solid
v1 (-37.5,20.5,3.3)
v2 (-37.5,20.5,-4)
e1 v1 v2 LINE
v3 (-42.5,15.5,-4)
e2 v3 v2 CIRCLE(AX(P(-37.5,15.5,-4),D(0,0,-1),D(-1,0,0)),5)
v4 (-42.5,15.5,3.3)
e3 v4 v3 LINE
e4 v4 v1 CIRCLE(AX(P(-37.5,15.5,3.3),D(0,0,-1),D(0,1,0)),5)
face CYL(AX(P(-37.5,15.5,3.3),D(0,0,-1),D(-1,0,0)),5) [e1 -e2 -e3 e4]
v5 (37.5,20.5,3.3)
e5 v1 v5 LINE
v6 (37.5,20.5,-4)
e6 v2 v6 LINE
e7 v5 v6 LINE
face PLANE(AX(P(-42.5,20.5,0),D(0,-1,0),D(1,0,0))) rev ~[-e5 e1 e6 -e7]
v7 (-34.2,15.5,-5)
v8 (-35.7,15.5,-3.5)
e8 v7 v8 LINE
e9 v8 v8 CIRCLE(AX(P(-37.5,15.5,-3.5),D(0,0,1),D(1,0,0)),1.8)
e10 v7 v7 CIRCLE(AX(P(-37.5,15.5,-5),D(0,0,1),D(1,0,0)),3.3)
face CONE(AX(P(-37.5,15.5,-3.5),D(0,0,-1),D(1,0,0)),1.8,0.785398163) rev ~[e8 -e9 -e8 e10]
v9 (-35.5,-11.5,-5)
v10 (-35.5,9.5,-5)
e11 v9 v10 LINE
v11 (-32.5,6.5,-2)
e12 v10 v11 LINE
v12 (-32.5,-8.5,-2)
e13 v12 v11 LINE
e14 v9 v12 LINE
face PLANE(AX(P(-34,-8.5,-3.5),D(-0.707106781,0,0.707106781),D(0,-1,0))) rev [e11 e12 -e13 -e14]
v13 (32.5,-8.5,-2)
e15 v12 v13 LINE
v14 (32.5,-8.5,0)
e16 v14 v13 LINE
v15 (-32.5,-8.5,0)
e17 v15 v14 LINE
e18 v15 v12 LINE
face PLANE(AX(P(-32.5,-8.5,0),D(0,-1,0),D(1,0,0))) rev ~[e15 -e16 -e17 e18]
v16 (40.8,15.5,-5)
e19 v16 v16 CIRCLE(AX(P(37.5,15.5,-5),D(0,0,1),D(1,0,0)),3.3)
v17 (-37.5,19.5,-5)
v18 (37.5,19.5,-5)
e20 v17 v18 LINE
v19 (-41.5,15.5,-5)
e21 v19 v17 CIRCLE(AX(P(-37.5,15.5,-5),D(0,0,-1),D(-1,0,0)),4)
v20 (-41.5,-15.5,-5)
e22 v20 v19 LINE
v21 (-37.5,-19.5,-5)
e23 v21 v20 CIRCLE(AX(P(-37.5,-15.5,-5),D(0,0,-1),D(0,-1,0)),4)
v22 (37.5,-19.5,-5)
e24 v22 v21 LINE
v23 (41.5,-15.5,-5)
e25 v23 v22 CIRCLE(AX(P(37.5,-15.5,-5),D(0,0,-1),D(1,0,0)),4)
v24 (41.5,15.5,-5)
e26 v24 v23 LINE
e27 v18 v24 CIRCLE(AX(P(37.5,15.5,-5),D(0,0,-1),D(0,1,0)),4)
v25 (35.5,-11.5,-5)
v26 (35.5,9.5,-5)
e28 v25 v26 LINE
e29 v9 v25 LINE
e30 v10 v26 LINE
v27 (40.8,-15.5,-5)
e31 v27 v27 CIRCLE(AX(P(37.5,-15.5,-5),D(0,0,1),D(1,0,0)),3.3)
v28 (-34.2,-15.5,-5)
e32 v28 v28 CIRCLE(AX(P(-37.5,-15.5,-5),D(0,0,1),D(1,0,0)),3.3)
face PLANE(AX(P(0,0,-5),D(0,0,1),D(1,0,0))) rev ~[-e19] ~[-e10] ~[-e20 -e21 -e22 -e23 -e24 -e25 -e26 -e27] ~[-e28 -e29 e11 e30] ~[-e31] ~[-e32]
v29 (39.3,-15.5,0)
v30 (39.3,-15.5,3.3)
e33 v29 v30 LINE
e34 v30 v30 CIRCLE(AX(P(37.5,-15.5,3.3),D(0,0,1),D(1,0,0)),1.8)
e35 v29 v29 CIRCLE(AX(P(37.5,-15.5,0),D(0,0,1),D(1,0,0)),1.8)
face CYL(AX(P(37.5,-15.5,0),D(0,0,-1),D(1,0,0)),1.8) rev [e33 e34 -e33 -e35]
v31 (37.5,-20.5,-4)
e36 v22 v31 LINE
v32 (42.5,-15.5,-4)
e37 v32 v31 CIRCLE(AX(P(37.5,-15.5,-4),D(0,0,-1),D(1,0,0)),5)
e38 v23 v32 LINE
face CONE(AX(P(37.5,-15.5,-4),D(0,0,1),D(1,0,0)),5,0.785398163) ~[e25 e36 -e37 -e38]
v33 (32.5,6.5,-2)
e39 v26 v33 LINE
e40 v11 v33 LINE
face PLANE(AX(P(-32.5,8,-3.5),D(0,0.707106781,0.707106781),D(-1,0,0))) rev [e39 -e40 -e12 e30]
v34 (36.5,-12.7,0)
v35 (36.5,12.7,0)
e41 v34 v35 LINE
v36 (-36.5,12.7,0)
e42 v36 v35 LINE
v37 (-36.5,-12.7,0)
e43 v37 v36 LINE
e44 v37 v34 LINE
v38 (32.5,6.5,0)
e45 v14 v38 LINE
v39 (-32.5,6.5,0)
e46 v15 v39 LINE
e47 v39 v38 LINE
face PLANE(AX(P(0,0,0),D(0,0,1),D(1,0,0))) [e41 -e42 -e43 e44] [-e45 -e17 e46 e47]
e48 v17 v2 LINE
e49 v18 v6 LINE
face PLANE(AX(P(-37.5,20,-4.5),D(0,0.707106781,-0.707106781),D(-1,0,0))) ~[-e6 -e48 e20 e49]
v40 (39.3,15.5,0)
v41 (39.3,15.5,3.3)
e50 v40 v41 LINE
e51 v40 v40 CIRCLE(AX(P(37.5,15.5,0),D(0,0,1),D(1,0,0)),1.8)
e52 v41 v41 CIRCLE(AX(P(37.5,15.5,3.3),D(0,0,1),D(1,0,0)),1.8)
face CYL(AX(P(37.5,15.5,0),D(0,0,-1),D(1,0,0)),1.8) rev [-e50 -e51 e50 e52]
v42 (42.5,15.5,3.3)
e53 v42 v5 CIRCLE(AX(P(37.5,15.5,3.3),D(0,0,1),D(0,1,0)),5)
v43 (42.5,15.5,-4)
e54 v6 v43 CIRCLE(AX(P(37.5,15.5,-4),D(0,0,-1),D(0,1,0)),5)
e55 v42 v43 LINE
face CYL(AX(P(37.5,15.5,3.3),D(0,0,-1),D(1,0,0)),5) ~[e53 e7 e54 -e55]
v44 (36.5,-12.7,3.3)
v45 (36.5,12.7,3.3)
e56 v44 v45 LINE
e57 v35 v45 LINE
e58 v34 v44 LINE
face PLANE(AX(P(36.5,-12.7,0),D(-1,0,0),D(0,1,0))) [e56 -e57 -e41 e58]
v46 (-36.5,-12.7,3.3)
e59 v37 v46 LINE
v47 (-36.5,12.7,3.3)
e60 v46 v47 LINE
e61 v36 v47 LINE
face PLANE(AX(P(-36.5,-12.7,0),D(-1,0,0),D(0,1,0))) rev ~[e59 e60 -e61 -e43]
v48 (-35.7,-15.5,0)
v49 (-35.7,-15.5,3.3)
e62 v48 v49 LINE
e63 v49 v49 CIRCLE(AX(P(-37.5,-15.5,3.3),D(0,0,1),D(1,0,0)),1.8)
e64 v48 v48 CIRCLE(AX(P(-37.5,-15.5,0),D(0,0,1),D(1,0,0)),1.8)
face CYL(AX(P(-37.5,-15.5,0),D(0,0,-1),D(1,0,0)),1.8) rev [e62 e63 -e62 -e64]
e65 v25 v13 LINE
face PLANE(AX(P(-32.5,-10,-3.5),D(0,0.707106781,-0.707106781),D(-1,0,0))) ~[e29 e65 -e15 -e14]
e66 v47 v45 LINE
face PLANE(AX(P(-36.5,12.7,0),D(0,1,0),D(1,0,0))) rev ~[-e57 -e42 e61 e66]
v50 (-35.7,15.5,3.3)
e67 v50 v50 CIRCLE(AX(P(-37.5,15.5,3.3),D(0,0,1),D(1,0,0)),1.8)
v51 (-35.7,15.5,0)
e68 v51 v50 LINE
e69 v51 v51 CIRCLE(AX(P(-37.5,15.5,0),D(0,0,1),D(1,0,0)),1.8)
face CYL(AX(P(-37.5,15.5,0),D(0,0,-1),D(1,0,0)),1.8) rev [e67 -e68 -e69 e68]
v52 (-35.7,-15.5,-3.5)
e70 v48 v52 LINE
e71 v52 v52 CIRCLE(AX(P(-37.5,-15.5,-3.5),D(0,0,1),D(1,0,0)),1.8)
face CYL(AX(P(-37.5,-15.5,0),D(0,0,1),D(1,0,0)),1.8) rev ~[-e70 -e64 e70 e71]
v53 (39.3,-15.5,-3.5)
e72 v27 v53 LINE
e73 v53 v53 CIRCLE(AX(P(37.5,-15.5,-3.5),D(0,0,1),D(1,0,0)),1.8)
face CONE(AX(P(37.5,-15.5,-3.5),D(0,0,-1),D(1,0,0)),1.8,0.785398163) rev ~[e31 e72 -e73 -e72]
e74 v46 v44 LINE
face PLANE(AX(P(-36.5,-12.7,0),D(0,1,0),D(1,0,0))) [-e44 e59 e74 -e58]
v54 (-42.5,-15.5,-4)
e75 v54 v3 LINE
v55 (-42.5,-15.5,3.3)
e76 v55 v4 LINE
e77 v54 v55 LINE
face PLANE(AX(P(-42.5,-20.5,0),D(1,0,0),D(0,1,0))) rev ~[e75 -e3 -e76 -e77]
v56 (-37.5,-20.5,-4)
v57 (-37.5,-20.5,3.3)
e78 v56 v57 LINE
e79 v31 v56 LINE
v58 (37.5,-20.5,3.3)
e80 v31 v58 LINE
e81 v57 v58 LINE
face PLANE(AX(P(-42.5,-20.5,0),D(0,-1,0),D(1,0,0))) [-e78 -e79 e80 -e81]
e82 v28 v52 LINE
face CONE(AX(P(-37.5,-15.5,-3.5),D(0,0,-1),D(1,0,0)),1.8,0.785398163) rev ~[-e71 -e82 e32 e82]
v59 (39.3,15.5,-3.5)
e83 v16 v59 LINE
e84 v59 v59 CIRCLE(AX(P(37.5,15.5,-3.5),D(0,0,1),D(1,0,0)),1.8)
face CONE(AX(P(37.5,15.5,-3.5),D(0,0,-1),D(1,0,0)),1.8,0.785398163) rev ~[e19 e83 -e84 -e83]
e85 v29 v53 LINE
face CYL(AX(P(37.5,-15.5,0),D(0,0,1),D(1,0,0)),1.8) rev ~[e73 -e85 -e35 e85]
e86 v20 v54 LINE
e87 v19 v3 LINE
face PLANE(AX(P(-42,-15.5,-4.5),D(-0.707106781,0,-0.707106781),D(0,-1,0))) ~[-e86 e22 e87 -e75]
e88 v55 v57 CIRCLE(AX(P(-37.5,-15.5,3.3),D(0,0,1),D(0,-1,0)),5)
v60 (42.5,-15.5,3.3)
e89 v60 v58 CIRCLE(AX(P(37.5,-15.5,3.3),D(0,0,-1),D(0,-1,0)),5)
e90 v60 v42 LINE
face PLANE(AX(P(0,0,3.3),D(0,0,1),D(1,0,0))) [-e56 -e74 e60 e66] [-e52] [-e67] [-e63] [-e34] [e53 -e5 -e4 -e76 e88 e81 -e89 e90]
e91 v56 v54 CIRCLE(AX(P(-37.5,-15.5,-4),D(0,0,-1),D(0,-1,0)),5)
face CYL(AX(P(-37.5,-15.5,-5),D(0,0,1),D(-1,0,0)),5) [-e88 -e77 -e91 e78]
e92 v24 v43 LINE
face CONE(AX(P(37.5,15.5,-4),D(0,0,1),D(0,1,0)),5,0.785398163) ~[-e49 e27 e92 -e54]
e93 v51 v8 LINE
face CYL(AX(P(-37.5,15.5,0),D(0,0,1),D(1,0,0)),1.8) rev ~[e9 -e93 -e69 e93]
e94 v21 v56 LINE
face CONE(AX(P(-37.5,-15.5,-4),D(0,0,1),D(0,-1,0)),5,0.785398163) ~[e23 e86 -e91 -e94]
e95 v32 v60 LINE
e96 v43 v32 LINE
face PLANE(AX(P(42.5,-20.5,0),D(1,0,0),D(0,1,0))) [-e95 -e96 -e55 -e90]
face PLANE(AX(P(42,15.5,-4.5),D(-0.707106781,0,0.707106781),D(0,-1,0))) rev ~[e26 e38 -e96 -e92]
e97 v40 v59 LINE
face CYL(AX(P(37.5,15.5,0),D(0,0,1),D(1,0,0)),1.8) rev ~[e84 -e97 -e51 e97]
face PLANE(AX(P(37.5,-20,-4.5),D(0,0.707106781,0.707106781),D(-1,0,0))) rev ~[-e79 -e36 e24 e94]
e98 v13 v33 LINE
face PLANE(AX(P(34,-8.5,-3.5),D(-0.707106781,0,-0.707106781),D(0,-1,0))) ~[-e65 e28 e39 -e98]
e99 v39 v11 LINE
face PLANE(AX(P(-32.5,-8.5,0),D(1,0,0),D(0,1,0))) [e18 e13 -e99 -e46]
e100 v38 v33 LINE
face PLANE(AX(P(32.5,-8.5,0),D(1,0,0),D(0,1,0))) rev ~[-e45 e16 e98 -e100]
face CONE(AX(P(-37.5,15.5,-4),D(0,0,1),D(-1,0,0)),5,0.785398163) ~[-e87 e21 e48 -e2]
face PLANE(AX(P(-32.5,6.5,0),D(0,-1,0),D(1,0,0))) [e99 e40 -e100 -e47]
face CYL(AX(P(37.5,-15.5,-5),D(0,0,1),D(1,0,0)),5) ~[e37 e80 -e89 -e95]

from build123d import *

# Parameters (mm, degrees)
F0_W     = 85
F0_H     = 41
F0_R     = 1.8
F0_W_2   = 73
F0_H_2   = 25.4
F1_DEPTH = 3.3
F0_W_3   = 65
F0_H_3   = 15
F2_DEPTH = 5
F3_R     = 5
F4_SIZE  = 3
F5_SIZE  = 1
F6_SIZE  = 1.5


with BuildPart() as f1:
    # F0 (on Top) → F1 (new body)
    with BuildSketch(Plane.XY):
        Rectangle(F0_W, F0_H)
        with Locations((-37.5, -15.5)):
            Circle(F0_R, mode=Mode.SUBTRACT)
        with Locations((37.5, -15.5)):
            Circle(F0_R, mode=Mode.SUBTRACT)
        with Locations((-37.5, 15.5)):
            Circle(F0_R, mode=Mode.SUBTRACT)
        Rectangle(F0_W_2, F0_H_2, mode=Mode.SUBTRACT)
        with Locations((37.5, 15.5)):
            Circle(F0_R, mode=Mode.SUBTRACT)
    extrude(amount=F1_DEPTH)

    # F0 (on Top) → F2 (join)
    with BuildSketch(Plane.XY):
        Rectangle(F0_W, F0_H)
        with Locations((-37.5, -15.5)):
            Circle(F0_R, mode=Mode.SUBTRACT)
        with Locations((37.5, -15.5)):
            Circle(F0_R, mode=Mode.SUBTRACT)
        with Locations((-37.5, 15.5)):
            Circle(F0_R, mode=Mode.SUBTRACT)
        Rectangle(F0_W_2, F0_H_2, mode=Mode.SUBTRACT)
        with Locations((37.5, 15.5)):
            Circle(F0_R, mode=Mode.SUBTRACT)
        Rectangle(F0_W_2, F0_H_2)
        with Locations((0, -1)):
            Rectangle(F0_W_3, F0_H_3, mode=Mode.SUBTRACT)
    extrude(amount=-F2_DEPTH)

    # F3
    f3_edges = [f1.edges().sort_by_distance(p)[0] for p in [
        (-42.5, 20.5, -0.85),
        (-42.5, -20.5, -0.85),
        (42.5, 20.5, -0.85),
        (42.5, -20.5, -0.85),
    ]]
    fillet(f3_edges, radius=F3_R)

    # F4
    f4_edges = [f1.edges().sort_by_distance(p)[0] for p in [
        (0, -8.5, -5),
        (-32.5, -1, -5),
        (0, 6.5, -5),
        (32.5, -1, -5),
    ]]
    chamfer(f4_edges, length=F4_SIZE)

    # F5
    f5_edges = [f1.edges().sort_by_distance(p)[0] for p in [
        (-42.5, 0, -5),
    ]]
    chamfer(f5_edges, length=F5_SIZE)

    # F6
    f6_edges = [f1.edges().sort_by_distance(p)[0] for p in [
        (-39.3, 15.5, -5),
        (-39.3, -15.5, -5),
        (35.7, -15.5, -5),
        (35.7, 15.5, -5),
    ]]
    chamfer(f6_edges, length=F6_SIZE)


solid = f1.part
